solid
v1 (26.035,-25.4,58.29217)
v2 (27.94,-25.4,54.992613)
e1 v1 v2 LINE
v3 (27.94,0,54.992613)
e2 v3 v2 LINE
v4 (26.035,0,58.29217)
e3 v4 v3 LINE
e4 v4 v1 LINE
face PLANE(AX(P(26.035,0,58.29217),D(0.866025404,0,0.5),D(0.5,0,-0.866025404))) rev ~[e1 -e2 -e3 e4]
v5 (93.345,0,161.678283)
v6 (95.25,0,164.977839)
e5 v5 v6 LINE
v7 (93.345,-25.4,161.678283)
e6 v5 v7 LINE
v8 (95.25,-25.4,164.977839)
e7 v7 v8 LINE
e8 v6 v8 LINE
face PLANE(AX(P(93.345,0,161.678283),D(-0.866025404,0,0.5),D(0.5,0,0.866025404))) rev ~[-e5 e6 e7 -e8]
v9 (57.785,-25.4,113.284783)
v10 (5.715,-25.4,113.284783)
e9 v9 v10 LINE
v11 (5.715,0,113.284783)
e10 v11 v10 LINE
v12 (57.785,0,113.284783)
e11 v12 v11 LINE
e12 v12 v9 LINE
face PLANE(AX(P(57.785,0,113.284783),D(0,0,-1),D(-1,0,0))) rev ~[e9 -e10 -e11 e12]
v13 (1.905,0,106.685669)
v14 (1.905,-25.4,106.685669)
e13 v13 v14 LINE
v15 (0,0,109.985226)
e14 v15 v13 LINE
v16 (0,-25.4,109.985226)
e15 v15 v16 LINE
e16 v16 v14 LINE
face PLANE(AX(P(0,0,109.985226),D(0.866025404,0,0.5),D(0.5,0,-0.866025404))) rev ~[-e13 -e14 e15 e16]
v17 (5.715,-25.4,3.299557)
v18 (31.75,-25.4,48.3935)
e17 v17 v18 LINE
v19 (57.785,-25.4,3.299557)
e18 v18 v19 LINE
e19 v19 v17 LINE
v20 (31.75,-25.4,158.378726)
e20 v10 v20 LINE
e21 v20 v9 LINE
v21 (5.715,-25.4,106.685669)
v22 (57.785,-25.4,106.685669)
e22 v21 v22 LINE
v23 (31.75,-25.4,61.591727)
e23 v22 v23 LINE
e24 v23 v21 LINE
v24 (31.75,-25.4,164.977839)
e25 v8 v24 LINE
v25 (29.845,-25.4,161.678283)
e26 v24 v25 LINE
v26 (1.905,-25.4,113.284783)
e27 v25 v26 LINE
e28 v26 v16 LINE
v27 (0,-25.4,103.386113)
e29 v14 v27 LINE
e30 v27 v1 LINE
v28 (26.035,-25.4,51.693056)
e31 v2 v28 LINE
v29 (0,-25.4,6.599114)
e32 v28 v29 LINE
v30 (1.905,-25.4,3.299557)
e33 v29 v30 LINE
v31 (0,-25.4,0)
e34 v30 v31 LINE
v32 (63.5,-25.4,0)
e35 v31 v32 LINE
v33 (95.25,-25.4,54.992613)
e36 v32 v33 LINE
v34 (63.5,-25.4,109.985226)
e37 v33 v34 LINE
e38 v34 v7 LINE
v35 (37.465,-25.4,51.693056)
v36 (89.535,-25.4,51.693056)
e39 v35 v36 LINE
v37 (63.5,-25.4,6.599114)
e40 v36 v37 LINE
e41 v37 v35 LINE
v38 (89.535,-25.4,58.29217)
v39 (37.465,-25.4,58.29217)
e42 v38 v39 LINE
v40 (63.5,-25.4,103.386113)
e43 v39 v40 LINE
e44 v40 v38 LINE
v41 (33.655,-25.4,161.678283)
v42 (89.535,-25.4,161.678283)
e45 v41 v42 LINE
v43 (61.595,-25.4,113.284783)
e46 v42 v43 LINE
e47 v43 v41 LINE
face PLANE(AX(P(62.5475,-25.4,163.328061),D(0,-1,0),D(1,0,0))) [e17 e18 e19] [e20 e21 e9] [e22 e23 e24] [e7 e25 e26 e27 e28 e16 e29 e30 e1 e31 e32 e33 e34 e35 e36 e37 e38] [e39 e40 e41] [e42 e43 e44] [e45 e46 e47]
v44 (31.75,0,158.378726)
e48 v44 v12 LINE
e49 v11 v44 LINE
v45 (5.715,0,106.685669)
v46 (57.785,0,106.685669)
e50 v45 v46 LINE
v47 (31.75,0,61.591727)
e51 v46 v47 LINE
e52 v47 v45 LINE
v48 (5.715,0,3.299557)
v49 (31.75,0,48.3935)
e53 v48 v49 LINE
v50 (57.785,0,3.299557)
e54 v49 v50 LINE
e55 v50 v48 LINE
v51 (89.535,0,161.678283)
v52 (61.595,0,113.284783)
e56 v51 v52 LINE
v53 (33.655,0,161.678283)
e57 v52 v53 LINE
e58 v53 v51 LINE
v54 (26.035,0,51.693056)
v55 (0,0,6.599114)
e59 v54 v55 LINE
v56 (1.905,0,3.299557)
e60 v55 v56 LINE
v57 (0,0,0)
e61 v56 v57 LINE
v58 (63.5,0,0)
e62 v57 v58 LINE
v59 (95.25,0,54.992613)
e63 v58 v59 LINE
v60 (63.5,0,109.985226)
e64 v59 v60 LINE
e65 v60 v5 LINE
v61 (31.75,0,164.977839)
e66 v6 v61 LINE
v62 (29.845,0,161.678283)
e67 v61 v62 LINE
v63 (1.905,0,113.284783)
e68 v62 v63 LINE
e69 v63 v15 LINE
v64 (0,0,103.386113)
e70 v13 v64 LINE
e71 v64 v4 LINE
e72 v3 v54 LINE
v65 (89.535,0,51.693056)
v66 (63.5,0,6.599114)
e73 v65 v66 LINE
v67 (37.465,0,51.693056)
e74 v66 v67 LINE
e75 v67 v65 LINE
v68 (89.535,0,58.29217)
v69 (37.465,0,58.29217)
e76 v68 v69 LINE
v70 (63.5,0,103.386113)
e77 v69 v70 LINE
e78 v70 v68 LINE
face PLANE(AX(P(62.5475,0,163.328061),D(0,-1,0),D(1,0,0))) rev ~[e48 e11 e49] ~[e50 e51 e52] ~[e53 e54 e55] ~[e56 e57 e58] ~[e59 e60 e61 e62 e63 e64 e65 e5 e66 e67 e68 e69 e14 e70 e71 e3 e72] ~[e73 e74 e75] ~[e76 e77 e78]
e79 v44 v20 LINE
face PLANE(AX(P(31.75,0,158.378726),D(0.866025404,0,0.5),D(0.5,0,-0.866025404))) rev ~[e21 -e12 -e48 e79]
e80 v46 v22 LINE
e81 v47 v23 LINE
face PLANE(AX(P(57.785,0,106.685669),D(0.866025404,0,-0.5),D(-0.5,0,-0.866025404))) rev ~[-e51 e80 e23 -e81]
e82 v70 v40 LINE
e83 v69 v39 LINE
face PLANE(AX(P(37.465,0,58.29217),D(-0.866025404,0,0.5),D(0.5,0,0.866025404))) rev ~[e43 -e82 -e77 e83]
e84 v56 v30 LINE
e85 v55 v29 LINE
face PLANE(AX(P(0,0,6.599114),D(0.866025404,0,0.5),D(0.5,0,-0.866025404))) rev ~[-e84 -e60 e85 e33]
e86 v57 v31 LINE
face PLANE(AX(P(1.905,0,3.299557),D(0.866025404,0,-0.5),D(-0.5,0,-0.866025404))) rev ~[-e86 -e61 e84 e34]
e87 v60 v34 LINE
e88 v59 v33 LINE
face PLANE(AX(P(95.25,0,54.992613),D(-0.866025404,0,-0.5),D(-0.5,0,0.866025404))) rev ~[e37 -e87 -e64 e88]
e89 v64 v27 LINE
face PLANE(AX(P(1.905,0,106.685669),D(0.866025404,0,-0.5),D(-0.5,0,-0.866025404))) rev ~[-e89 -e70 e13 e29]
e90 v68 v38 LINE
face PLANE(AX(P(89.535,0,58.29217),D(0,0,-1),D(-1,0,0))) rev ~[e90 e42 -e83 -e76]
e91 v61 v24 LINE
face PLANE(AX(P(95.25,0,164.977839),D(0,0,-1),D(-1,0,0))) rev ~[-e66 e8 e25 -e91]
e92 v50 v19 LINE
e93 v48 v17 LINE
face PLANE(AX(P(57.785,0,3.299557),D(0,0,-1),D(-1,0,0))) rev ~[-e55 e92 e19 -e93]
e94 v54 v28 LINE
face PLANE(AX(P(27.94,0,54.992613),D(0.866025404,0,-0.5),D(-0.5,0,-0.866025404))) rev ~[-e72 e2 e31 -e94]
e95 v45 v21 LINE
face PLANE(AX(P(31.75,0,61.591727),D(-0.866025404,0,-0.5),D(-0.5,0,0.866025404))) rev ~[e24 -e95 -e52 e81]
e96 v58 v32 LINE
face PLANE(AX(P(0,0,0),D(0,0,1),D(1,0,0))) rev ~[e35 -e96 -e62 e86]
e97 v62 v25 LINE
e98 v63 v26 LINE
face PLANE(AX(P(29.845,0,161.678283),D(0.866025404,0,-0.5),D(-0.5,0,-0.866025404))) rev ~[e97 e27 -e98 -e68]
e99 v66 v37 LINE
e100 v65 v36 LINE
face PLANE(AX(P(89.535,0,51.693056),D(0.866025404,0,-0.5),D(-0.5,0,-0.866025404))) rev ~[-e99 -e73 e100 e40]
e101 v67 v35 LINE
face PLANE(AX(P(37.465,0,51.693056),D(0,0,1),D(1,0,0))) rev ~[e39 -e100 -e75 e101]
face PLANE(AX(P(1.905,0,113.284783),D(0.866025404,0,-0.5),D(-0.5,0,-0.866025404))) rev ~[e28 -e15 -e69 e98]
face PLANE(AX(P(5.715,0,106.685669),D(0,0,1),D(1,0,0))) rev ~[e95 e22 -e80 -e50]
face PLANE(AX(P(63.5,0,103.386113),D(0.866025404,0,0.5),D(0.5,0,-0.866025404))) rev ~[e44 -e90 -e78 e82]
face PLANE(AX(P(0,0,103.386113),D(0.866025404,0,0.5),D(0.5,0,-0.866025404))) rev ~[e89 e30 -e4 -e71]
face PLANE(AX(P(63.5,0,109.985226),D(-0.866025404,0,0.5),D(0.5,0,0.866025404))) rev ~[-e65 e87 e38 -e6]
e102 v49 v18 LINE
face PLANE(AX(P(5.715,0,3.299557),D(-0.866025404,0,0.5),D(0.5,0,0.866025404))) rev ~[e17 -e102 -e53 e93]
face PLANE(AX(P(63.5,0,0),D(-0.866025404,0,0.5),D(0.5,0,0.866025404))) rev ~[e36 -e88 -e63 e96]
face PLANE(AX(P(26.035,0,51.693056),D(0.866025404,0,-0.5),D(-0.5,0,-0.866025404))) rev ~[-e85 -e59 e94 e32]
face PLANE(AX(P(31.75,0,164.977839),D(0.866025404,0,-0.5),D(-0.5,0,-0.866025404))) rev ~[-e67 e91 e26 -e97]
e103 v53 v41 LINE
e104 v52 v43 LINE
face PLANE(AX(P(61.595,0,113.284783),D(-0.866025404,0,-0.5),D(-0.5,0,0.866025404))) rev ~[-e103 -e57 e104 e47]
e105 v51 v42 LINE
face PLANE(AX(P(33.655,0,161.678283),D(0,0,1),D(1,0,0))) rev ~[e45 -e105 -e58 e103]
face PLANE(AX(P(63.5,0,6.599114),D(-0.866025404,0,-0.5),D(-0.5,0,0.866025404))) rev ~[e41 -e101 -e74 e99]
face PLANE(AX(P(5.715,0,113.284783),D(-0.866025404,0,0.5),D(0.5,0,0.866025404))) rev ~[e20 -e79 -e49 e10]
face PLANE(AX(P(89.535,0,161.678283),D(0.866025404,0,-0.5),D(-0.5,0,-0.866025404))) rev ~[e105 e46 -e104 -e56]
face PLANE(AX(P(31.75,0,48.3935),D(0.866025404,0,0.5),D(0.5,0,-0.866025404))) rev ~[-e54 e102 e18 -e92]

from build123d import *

# Parameters (mm, degrees)
F1_DEPTH = 25.4


with BuildPart() as f1:
    # F0 (on Front) → F1 (new body)
    with BuildSketch(Plane.XZ):
        Polygon((33.655, 161.6782826325), (89.535, 161.6782826325), (91.44, 164.9778394209), (35.56, 164.9778394209), align=None)
        Polygon((89.535, 161.6782826325), (93.345, 161.6782826325), (95.25, 164.9778394209), (91.44, 164.9778394209), align=None)
        Polygon((61.595, 113.284783069), (63.5, 109.9852262806), (93.345, 161.6782826325), (89.535, 161.6782826325), align=None)
        Polygon((31.75, 164.9778394209), (33.655, 161.6782826325), (35.56, 164.9778394209), align=None)
        Polygon((33.655, 161.6782826325), (29.845, 161.6782826325), (31.75, 158.3787258441), align=None)
        Polygon((31.75, 164.9778394209), (29.845, 161.6782826325), (33.655, 161.6782826325), align=None)
        Polygon((57.785, 113.284783069), (61.595, 113.284783069), (33.655, 161.6782826325), (31.75, 158.3787258441), align=None)
        Polygon((29.845, 161.6782826325), (1.905, 113.284783069), (5.715, 113.284783069), (31.75, 158.3787258441), align=None)
        Polygon((1.905, 113.284783069), (0, 109.9852262806), (63.5, 109.9852262806), (61.595, 113.284783069), (57.785, 113.284783069), (5.715, 113.284783069), align=None)
        Polygon((63.5, 109.9852262806), (0, 109.9852262806), (1.905, 106.6856694922), (5.715, 106.6856694922), (57.785, 106.6856694922), (61.595, 106.6856694922), align=None)
        Polygon((5.715, 106.6856694922), (1.905, 106.6856694922), (29.845, 58.2921699287), (31.75, 61.5917267171), align=None)
        Polygon((33.655, 58.2921699287), (61.595, 106.6856694922), (57.785, 106.6856694922), (31.75, 61.5917267171), align=None)
        Polygon((31.75, 61.5917267171), (29.845, 58.2921699287), (33.655, 58.2921699287), align=None)
        Polygon((33.655, 58.2921699287), (31.75, 54.9926131403), (35.56, 54.9926131403), align=None)
        Polygon((29.845, 58.2921699287), (31.75, 54.9926131403), (33.655, 58.2921699287), align=None)
        Polygon((63.5, 103.3861127038), (61.595, 106.6856694922), (33.655, 58.2921699287), (37.465, 58.2921699287), align=None)
        Polygon((91.44, 54.9926131403), (95.25, 54.9926131403), (63.5, 109.9852262806), (61.595, 106.6856694922), (63.5, 103.3861127038), (89.535, 58.2921699287), align=None)
        Polygon((89.535, 51.6930563519), (91.44, 54.9926131403), (35.56, 54.9926131403), (37.465, 51.6930563519), align=None)
        Polygon((61.595, 3.2995567884), (63.5, 0), (95.25, 54.9926131403), (91.44, 54.9926131403), (89.535, 51.6930563519), (63.5, 6.5991135768), align=None)
        Polygon((1.905, 3.2995567884), (0, 0), (63.5, 0), (61.595, 3.2995567884), (57.785, 3.2995567884), (5.715, 3.2995567884), align=None)
        Polygon((29.845, 51.6930563519), (1.905, 3.2995567884), (5.715, 3.2995567884), (31.75, 48.3934995635), align=None)
        Polygon((33.655, 51.6930563519), (29.845, 51.6930563519), (31.75, 48.3934995635), align=None)
        Polygon((31.75, 54.9926131403), (29.845, 51.6930563519), (33.655, 51.6930563519), align=None)
        Polygon((31.75, 54.9926131403), (33.655, 51.6930563519), (35.56, 54.9926131403), align=None)
        Polygon((33.655, 51.6930563519), (61.595, 3.2995567884), (63.5, 6.5991135768), (37.465, 51.6930563519), align=None)
        Polygon((57.785, 3.2995567884), (61.595, 3.2995567884), (33.655, 51.6930563519), (31.75, 48.3934995635), align=None)
        Polygon((35.56, 54.9926131403), (33.655, 51.6930563519), (37.465, 51.6930563519), align=None)
        Polygon((35.56, 54.9926131403), (91.44, 54.9926131403), (89.535, 58.2921699287), (37.465, 58.2921699287), align=None)
        Polygon((33.655, 58.2921699287), (35.56, 54.9926131403), (37.465, 58.2921699287), align=None)
        Polygon((0, 6.5991135768), (1.905, 3.2995567884), (29.845, 51.6930563519), (26.035, 51.6930563519), align=None)
        Polygon((26.035, 51.6930563519), (29.845, 51.6930563519), (27.94, 54.9926131403), align=None)
        Polygon((27.94, 54.9926131403), (29.845, 51.6930563519), (31.75, 54.9926131403), align=None)
        Polygon((29.845, 58.2921699287), (27.94, 54.9926131403), (31.75, 54.9926131403), align=None)
        Polygon((26.035, 58.2921699287), (27.94, 54.9926131403), (29.845, 58.2921699287), align=None)
        Polygon((29.845, 58.2921699287), (1.905, 106.6856694922), (0, 103.3861127038), (26.035, 58.2921699287), align=None)
    extrude(amount=F1_DEPTH)


solid = f1.part
